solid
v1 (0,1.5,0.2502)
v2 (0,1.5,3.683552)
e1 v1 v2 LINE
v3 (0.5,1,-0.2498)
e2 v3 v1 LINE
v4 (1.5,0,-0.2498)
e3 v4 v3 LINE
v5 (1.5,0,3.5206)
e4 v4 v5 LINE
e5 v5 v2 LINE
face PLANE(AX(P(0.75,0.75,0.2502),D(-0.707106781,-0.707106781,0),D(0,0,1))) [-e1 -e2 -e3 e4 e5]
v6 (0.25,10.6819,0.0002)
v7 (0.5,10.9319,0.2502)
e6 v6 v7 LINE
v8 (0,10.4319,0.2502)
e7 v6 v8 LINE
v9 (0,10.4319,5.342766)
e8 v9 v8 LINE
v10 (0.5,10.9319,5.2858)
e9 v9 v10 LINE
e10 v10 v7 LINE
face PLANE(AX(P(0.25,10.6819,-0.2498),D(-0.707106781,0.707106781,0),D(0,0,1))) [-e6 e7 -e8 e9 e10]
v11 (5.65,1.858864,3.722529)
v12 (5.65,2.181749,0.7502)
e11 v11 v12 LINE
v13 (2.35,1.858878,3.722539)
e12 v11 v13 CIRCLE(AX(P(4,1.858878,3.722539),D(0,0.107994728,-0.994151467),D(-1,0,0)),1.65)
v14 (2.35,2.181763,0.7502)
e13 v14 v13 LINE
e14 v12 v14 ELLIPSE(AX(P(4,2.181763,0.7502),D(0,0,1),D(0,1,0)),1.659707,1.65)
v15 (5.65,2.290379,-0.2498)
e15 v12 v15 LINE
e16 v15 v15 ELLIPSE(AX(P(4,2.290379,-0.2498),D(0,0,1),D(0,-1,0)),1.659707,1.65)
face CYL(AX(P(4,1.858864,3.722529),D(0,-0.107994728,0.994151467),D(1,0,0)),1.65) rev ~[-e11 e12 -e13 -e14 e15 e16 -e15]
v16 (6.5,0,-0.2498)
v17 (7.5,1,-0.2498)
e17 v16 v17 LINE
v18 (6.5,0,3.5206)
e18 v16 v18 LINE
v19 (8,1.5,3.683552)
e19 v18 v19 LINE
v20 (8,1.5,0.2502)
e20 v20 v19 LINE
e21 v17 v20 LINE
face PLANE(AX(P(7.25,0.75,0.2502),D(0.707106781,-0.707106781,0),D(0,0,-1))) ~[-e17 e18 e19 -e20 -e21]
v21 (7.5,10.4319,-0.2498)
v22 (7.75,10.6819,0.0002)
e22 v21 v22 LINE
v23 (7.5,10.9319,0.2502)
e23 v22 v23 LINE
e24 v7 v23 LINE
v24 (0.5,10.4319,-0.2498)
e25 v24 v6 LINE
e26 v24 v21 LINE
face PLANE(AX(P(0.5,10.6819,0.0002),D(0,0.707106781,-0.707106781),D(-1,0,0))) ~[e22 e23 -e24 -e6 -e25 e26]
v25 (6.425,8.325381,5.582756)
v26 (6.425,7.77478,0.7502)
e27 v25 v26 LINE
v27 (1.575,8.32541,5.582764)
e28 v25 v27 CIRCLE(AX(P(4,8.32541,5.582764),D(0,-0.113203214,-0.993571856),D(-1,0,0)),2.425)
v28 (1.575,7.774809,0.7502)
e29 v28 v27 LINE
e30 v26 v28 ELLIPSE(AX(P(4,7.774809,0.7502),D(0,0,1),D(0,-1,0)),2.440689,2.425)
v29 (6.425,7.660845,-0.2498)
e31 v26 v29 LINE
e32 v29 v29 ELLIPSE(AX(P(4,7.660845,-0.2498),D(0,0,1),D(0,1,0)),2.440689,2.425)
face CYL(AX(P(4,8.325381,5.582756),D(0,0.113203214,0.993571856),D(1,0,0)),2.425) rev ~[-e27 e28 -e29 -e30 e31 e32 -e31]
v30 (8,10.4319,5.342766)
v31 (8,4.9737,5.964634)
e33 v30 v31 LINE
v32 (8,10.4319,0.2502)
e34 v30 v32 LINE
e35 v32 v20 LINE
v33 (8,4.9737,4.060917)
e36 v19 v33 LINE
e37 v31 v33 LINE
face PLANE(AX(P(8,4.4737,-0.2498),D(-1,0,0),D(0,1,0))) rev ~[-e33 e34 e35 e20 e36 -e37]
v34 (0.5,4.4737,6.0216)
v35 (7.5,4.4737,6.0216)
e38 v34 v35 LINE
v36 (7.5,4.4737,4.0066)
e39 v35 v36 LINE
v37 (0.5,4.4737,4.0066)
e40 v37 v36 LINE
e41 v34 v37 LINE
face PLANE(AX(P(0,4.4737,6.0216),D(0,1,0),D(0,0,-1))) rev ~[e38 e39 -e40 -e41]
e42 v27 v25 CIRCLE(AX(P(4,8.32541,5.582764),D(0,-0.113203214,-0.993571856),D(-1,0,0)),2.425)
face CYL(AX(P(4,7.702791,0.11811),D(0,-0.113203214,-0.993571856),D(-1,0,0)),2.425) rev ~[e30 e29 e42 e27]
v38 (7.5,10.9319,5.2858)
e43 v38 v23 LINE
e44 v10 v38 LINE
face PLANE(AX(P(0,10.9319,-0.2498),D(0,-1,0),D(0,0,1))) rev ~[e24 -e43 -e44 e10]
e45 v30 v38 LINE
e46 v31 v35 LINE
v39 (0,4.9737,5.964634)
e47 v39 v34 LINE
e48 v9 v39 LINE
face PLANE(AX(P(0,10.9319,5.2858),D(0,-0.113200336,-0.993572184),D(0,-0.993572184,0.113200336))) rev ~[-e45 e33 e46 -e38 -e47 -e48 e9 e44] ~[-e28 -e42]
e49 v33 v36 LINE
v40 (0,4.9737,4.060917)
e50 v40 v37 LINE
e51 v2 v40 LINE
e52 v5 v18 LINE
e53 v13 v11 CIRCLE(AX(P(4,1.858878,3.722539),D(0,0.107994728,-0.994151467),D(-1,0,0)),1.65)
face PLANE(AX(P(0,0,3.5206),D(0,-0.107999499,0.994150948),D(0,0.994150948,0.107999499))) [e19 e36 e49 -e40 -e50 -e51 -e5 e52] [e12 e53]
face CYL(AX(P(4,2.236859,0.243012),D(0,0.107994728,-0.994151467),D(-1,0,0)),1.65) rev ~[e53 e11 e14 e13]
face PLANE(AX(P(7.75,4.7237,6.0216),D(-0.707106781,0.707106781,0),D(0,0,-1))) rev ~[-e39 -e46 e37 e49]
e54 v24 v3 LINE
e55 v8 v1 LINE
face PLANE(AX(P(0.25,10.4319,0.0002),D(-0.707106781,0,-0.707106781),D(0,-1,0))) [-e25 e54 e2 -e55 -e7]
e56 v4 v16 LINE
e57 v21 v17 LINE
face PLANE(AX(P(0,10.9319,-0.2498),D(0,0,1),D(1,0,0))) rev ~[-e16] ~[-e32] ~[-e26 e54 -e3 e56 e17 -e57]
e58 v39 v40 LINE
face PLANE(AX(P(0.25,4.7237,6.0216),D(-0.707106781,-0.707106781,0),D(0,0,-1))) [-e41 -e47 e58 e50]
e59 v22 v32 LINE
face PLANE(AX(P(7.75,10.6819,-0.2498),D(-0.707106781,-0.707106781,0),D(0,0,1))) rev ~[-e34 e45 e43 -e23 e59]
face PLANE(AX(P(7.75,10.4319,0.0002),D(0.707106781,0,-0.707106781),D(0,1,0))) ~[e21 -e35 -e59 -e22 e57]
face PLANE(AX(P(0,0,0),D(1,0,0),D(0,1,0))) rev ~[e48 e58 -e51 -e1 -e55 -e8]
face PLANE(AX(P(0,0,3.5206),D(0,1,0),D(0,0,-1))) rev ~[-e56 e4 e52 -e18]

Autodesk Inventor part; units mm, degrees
ref_plane "YZ Plane" through (0, 0, 0) normal (1, 0, 0) x (0, 1, 0)
ref_plane "XZ Plane" through (0, 0, 0) normal (0, 1, 0) x (-1, 0, 0)
ref_plane "XY Plane" through (0, 0, 0) normal (0, 0, 1) x (1, 0, 0)
sketch "Skizze5" plane through (0, 0, 0) normal (1, 0, 0) x (0, 1, 0)
  line L0 (0, 0) -> (0, 0)
  line L1 (0, 0) -> (4.4737, 0.486)
  line L2 (4.4737, 0.486) -> (10.9319, -0.2498)
  line L3 (10.9319, -0.2498) -> (10.9319, -0.2498)
  line L4 (10.9319, -0.2498) -> (10.9319, 5.2858)
  line L5 (10.9319, 5.2858) -> (4.4737, 6.0216)
  line L6 (0, 3.5206) -> (0, 0)
  line L7 (0, 3.5206) -> (4.4737, 4.0066)
  line L8 (4.4737, 8.0188) -> (4.4737, 2.9641) construction
  line L9 (4.4737, 6.0216) -> (4.4737, 4.0066)
  dimension "d21" = 0
  dimension "d22" = 6.2
  dimension "d23" = 6.5
  dimension "d24" = 4.5
  dimension "d25" = 6.5
  dimension "d26" = 5.5
  dimension "d27" = 3.5
extrude "Extrusion3" add sketch "Skizze5" along normal blind 8
sketch "Skizze6" plane through (8, 10.9319, -0.2498) normal (0, -0.1132, -0.9936) x (-1, 0, 0)
  circle A0 centre (4, -3.25) radius 2.425
  line L0 (4, 0.2781) -> (4, -10.3498)
  line L1 (-1.6335, -3.25) -> (9.1615, -3.25)
  line L2 (8, -6.5) -> (8, 0) projected
  line L3 (8, 0) -> (0, 0) projected
  point P0 (8, -10.8899)
  point P1 (8, -1.2477)
  point P2 (4, -0.9743)
  point P3 (8, -3.25)
  point P4 (4, 0)
  dimension "d30" = 4.85
extrude "Extrusion4" cut sketch "Skizze6" against normal through all contours L1 L0 A0 | A0 L0 L1 | L0 L1 A0 | A0 L1 L0
sketch "Skizze7" plane through (8, 4.4737, 0.486) normal (0, 0.108, -0.9942) x (-1, 0, 0)
  line L0 (-0.5646, -2.25) -> (9.8389, -2.25)
  line L1 (4, -0.832) -> (4, -8.1647)
  circle A0 centre (4, -2.25) radius 1.65
  line L2 (8, -4.5) -> (8, 0) projected
  line L3 (8, -4.5) -> (0, -4.5) projected
  point P0 (4, -5.6763)
  point P1 (8, -2.25)
  point P2 (8, -2.25)
  point P3 (4, -4.5)
  dimension "d33" = 3.3
extrude "Extrusion5" cut sketch "Skizze7" against normal through all contours A0 L0 | L0 L1 A0 | L0 A0 L1
chamfer "Fase2" distance 0.5 angle 45 4 edges at (8, 10.9319, 2.518) (0, 10.9319, 2.518) (8, 4.4737, 5.0141) (0, 4.4737, 5.0141)
ref_plane "Arbeitsebene3" through (0, 10.9319, -0.2498) normal (0, 0, 1) x (1, 0, 0)
sketch "Skizze11" plane through (0, 10.9319, -0.2498) normal (0, 0, 1) x (1, 0, 0)
  line L0 (0.5, 0) -> (7.5, 0) projected
  line L1 (8, -0.5) -> (7.5, 0) projected
  line L2 (8, -6.4582) -> (8, -0.5) projected
  line L3 (8, -10.9319) -> (8, -6.4582) projected
  line L4 (0, -10.9319) -> (8, -10.9319) projected
  line L5 (0, -10.9319) -> (0, -6.4582) projected
  line L6 (0, -6.4582) -> (0, -0.5) projected
  line L7 (0.5, 0) -> (0, -0.5) projected
extrude "Extrusion9" add sketch "Skizze11" along normal blind 1
sketch "Skizze12" plane through (0.5, 4.4737, 6.0216) normal (0, 0.1132, 0.9936) x (1, 0, 0)
  circle A0 centre (3.5, 3.8766) radius 2.425 projected
  point P0 (-0.5, -3.7633)
extrude "Extrusion10" cut sketch "Skizze12" against normal through all
sketch "Skizze13" plane through (0, 0, 3.5206) normal (0, -0.108, 0.9942) x (1, 0, 0)
  circle A0 centre (4, 1.8698) radius 1.65 projected
  point P0 (0, -0.3802)
extrude "Extrusion11" cut sketch "Skizze13" against normal through all
chamfer "Fase4" distance 0.5 angle 45 3 edges at (8, 5.2159, -0.2498) (4, 10.9319, -0.2498) (0, 5.2159, -0.2498)
chamfer "Fase5" distance 1.5 angle 45 2 edges at (8, 0, 1.8854) (0, 0, 1.8854)
properties part number "led_holder_v13"
